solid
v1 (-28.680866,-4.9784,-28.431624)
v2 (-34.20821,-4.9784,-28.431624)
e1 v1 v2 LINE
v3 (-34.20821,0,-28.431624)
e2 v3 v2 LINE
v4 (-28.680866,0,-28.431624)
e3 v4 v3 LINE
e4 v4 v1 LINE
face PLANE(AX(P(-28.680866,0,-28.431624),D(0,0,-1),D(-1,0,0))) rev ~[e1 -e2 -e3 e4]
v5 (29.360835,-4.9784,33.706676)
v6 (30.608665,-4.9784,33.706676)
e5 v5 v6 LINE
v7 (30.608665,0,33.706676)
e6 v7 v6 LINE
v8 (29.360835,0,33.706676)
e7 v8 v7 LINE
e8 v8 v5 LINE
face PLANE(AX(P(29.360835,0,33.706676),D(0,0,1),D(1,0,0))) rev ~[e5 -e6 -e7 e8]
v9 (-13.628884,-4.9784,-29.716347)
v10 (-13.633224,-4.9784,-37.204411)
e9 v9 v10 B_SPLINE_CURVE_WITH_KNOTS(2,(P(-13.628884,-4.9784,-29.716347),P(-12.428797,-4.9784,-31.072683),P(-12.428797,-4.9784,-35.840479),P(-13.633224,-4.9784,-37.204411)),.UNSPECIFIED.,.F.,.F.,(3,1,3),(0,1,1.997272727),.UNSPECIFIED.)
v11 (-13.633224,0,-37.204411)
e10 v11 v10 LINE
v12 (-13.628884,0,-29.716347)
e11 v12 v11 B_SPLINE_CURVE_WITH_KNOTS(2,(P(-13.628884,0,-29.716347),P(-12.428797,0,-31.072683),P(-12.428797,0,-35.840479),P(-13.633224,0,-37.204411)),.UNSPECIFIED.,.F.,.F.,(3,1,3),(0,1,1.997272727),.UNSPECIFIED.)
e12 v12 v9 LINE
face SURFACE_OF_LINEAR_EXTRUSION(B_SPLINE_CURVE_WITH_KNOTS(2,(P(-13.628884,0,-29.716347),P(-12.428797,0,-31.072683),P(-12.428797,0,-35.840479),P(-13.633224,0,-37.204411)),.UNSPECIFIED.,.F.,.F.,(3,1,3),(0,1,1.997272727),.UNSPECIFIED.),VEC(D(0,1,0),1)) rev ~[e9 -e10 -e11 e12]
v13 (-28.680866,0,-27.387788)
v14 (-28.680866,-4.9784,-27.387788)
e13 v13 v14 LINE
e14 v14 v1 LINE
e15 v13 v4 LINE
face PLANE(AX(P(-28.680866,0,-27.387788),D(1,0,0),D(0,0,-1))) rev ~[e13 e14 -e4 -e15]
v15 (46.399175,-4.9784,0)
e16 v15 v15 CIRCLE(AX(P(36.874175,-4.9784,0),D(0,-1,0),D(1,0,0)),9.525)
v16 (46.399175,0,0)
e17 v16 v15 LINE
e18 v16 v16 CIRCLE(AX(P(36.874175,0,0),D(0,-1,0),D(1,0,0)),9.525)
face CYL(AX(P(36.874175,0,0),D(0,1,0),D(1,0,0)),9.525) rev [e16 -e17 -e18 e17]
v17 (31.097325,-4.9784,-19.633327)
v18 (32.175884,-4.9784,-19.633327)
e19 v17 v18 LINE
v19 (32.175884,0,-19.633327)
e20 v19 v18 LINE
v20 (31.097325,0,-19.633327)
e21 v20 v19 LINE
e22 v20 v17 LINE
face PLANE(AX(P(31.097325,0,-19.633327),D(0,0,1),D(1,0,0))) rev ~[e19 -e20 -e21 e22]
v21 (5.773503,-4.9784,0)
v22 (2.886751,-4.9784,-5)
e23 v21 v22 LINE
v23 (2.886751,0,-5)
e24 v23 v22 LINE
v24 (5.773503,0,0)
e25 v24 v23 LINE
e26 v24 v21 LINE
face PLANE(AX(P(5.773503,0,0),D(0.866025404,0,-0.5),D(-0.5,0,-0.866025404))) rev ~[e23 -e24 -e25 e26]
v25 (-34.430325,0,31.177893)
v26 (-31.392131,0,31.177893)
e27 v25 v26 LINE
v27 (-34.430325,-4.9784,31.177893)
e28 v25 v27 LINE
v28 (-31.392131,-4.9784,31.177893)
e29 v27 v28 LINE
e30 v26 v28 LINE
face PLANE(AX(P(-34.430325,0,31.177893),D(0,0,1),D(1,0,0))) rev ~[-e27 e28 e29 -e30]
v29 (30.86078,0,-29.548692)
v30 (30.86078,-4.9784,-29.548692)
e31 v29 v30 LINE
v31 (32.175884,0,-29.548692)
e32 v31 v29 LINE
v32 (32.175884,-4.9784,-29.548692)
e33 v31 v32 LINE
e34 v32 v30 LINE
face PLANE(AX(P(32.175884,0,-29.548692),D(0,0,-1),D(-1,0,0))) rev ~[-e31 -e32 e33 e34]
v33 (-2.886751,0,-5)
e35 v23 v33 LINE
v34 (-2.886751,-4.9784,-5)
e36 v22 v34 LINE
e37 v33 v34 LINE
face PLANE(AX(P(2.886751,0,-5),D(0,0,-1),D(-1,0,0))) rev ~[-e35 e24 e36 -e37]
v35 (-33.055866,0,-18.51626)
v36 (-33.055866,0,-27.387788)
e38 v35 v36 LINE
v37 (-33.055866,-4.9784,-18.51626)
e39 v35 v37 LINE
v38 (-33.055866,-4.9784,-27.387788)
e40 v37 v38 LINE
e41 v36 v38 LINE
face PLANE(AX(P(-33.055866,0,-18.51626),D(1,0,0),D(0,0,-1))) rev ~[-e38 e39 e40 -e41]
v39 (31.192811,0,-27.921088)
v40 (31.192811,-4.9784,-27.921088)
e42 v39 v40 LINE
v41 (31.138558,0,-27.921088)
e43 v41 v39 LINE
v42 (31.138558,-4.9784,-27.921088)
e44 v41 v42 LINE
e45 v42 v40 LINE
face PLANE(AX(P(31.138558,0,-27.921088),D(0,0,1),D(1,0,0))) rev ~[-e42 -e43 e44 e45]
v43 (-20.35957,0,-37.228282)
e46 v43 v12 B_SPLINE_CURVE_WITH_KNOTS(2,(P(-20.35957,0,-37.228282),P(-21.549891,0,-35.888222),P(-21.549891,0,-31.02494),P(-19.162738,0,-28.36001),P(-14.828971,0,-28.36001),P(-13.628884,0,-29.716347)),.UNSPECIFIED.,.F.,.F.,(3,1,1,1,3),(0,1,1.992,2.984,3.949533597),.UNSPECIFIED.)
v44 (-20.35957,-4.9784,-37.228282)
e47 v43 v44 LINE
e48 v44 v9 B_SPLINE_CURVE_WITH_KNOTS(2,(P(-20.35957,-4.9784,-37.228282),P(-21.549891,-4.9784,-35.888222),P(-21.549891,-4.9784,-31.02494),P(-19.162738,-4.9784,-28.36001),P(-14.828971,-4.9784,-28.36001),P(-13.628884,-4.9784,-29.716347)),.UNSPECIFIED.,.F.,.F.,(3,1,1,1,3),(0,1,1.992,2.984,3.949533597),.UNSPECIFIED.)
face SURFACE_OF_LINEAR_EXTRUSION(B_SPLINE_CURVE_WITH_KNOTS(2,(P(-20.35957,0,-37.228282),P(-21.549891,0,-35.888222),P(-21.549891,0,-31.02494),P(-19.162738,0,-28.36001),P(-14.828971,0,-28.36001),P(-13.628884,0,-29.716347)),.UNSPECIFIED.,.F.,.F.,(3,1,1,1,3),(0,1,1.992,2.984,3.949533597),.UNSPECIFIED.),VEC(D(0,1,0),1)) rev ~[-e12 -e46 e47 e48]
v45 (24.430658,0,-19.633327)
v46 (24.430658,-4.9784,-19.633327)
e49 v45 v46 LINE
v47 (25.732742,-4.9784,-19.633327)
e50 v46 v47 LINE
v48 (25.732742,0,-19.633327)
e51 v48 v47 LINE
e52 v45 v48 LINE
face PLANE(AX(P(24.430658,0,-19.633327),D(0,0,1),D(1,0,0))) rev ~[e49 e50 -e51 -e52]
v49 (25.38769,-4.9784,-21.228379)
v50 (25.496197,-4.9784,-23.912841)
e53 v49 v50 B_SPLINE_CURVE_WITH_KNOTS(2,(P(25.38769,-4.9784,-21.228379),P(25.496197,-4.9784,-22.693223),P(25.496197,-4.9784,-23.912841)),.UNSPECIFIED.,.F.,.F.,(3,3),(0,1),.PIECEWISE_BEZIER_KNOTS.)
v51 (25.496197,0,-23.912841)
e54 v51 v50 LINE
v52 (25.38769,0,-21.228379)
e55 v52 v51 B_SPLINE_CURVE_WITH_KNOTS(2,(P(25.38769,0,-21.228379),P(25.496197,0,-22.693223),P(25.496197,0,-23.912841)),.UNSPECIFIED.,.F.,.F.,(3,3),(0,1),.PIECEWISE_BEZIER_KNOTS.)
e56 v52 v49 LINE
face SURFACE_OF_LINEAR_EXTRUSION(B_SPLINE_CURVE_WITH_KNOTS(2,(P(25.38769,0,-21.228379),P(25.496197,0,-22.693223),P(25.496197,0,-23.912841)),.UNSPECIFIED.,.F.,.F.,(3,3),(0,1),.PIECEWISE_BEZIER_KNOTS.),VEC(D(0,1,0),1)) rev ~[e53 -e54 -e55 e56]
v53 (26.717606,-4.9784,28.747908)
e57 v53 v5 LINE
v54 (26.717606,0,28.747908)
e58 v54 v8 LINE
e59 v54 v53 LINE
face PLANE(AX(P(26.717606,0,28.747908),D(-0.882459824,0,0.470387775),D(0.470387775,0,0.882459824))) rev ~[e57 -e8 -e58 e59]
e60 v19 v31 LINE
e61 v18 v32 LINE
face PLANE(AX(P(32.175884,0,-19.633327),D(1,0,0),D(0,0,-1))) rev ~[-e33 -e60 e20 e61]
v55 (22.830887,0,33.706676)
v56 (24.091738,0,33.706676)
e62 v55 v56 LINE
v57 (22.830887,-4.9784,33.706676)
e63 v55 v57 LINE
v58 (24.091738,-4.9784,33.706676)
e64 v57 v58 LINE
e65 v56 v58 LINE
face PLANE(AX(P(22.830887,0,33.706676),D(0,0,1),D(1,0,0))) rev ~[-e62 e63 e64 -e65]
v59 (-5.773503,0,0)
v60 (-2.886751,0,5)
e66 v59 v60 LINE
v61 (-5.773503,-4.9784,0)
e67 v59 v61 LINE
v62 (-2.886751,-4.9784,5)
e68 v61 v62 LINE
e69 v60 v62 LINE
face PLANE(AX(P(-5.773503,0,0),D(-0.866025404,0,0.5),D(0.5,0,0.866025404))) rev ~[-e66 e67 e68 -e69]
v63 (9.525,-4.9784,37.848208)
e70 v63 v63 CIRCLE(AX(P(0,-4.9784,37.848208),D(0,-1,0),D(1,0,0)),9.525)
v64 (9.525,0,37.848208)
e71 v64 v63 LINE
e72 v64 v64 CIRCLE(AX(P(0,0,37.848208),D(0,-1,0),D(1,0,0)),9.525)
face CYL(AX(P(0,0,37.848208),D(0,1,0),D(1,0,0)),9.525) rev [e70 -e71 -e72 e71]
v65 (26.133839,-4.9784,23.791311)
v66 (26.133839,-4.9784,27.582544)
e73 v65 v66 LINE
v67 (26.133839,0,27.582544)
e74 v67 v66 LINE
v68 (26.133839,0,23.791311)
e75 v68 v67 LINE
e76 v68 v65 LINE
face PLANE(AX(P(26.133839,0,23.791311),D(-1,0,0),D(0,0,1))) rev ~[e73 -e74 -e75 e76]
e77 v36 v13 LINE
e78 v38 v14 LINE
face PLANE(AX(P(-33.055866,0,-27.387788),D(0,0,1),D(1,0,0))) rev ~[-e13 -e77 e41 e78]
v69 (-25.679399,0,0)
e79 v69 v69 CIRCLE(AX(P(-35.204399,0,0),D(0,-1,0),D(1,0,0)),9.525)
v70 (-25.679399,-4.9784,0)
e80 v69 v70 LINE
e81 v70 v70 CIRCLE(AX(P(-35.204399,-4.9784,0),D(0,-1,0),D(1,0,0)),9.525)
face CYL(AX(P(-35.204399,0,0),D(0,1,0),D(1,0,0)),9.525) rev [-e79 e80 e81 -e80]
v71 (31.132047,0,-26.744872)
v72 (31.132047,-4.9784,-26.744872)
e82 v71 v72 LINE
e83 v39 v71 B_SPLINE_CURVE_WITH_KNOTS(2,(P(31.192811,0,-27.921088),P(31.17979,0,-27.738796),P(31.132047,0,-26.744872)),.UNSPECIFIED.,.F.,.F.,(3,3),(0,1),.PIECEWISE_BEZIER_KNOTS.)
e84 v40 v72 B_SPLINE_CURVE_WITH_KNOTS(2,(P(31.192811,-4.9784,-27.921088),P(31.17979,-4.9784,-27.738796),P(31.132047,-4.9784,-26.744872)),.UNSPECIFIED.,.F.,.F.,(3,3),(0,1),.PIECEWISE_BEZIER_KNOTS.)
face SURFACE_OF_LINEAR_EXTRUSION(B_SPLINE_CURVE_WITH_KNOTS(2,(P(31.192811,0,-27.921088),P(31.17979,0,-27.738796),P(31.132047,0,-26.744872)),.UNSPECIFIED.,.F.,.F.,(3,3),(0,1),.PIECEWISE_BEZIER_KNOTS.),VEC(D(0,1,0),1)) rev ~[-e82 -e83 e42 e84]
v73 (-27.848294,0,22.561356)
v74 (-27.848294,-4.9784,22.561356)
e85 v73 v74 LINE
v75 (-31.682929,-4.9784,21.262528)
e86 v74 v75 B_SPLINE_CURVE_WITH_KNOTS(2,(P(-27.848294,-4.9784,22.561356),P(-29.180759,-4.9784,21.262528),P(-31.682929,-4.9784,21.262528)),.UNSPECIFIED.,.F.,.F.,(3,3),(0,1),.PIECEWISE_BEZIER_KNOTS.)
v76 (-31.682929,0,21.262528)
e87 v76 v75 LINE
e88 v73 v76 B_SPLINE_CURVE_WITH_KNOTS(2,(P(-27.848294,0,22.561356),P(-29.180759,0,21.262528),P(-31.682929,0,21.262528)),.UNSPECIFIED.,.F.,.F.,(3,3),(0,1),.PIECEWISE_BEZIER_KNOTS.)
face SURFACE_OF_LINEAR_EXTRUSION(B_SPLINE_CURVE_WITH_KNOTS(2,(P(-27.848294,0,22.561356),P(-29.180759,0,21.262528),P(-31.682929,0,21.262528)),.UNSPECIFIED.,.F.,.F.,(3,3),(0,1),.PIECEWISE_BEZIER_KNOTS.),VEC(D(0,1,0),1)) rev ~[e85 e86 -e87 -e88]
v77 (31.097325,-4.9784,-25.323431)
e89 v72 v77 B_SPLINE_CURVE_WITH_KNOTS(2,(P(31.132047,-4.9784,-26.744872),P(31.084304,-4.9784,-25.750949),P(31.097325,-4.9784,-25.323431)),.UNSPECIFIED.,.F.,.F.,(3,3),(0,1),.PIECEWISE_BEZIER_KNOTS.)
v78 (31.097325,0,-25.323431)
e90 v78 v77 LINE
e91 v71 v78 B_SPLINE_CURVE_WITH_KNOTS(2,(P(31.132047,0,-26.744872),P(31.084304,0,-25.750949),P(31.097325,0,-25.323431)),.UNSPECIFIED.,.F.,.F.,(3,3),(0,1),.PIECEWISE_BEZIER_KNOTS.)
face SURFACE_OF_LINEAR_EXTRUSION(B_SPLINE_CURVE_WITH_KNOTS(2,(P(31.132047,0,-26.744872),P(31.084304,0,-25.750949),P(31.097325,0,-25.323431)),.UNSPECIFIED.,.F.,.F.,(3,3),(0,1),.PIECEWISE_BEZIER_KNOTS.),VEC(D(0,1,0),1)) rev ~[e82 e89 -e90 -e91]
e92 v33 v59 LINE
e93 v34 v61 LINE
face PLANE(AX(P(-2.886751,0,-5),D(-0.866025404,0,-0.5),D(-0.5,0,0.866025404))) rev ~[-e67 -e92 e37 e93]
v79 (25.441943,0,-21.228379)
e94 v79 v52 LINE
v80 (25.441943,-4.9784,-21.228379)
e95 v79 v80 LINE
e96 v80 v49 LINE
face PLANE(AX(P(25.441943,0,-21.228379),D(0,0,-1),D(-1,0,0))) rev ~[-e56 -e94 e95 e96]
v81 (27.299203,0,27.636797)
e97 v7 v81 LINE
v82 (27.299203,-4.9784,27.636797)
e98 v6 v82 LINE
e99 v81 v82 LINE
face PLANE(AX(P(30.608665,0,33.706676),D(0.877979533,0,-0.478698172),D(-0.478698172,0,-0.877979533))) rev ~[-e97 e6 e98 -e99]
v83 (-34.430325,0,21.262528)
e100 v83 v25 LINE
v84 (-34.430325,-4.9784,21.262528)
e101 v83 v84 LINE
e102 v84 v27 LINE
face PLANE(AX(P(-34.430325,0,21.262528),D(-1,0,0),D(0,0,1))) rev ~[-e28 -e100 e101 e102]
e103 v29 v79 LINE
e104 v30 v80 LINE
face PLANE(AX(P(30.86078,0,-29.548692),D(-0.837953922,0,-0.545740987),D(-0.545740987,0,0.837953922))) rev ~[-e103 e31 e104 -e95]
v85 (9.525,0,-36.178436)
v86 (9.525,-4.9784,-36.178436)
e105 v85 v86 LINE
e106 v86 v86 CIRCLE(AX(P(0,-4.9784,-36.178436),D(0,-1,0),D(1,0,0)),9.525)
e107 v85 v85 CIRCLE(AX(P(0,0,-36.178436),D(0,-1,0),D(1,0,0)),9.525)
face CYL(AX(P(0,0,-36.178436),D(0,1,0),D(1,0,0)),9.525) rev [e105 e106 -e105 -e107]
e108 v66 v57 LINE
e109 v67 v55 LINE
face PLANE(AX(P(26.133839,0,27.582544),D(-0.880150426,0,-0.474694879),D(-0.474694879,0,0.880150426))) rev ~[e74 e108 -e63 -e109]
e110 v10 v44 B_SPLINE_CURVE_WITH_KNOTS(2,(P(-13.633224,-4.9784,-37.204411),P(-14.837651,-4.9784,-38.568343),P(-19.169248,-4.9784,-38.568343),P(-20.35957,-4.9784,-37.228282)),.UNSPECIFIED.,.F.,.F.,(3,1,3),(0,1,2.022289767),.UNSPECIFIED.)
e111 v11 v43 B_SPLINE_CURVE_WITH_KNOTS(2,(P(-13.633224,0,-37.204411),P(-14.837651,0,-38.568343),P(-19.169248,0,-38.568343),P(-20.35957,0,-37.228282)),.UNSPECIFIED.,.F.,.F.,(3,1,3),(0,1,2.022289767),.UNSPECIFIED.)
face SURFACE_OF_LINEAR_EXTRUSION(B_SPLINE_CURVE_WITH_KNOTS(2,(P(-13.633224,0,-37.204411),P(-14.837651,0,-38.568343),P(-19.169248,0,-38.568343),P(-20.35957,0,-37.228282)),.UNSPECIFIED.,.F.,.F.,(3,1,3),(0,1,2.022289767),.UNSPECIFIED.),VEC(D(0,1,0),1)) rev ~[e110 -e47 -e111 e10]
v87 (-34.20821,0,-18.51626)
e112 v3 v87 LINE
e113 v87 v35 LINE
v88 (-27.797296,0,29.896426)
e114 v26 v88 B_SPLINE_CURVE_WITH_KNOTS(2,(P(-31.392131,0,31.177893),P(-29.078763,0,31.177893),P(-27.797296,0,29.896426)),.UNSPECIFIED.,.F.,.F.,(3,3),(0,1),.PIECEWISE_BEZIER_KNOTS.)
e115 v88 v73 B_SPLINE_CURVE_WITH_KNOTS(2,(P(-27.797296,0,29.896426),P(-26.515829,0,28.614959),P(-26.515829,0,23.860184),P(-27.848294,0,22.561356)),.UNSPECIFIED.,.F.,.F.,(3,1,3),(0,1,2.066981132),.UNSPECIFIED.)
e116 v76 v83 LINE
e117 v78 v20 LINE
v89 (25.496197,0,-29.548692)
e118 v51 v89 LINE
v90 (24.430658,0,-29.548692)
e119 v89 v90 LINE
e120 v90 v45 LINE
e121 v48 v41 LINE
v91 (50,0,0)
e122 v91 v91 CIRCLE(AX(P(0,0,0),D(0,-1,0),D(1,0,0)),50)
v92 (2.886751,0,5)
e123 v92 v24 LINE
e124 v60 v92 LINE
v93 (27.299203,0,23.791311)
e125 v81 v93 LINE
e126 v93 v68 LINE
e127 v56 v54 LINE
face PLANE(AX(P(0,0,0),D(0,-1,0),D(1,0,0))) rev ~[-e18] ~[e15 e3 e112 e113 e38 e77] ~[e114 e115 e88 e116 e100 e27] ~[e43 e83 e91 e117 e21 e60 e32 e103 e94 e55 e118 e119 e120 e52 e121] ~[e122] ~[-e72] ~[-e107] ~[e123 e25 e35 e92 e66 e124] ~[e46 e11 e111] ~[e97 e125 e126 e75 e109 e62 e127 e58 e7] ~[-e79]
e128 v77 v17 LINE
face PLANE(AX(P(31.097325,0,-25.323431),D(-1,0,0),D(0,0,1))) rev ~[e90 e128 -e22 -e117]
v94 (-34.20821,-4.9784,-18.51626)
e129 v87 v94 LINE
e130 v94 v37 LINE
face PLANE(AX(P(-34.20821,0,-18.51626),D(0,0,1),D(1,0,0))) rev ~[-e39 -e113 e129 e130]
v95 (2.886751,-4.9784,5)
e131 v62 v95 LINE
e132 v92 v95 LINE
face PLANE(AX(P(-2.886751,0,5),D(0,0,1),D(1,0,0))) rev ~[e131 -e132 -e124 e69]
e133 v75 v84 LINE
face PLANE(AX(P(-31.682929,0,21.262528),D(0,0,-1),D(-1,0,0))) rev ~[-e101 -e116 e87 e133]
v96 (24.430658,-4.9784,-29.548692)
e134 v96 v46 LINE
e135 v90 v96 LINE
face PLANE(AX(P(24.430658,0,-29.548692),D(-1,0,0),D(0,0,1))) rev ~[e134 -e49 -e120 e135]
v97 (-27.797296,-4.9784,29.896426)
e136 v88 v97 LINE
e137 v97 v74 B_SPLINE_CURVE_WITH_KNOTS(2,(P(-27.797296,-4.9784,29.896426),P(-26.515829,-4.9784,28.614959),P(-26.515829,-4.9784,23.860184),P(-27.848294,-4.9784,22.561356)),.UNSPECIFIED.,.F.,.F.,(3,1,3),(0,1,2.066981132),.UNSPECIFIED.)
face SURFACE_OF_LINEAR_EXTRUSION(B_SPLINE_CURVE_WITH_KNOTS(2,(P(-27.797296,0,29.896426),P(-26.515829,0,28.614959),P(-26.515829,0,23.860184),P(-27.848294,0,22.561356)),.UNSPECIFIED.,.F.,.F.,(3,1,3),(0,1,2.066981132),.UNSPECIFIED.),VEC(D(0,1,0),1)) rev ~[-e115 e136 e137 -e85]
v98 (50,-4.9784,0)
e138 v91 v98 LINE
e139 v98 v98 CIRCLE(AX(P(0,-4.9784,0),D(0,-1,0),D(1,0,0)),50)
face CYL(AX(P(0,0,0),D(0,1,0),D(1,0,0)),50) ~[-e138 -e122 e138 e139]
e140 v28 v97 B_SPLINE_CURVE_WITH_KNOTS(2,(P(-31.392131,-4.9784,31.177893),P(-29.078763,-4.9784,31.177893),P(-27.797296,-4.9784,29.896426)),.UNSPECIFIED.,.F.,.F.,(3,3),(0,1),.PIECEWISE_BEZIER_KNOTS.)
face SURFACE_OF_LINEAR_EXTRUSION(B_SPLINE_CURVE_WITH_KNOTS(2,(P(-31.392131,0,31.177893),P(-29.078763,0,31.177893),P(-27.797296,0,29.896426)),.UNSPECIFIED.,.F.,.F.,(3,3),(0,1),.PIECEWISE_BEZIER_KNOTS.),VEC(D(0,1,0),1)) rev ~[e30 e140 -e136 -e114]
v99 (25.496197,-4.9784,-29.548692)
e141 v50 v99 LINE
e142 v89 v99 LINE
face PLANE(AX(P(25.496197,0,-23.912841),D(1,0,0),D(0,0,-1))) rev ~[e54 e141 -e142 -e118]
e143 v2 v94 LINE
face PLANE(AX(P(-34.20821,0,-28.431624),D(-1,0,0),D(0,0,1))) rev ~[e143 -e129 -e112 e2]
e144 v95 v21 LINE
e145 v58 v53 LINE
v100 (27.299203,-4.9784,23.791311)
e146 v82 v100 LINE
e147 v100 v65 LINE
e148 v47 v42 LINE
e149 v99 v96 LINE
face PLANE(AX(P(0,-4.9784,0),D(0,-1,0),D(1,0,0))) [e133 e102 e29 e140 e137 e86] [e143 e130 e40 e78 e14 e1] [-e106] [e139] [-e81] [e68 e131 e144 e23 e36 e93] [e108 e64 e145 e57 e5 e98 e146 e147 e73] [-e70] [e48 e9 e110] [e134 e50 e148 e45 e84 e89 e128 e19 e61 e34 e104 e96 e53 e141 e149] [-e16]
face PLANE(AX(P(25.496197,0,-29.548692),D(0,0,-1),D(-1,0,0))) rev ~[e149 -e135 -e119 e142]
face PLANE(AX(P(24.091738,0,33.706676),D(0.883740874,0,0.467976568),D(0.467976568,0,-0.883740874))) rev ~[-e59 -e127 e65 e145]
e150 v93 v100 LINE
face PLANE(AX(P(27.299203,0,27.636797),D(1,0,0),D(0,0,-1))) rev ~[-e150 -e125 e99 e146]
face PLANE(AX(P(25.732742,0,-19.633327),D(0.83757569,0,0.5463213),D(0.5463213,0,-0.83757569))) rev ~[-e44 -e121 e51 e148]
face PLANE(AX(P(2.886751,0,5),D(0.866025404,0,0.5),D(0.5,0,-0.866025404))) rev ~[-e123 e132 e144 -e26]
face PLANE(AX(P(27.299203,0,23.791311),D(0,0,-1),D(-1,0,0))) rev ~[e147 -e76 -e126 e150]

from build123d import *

# Parameters (mm, degrees)
F0_R     = 50
F0_R_2   = 9.525
F1_DEPTH = 4.9784


with BuildPart() as f1:
    # F0 (on Front) → F1 (new body)
    with BuildSketch(Plane.XZ):
        Circle(F0_R)
        with BuildLine():
            add(Edge.make_bspline(
                [(-13.6288838135, -29.7163466199), (-12.4287970079, -31.0726834254), (-12.4287970079, -33.4598362032)],
                knots=[0, 0, 0, 1, 1, 1], degree=2))
            add(Edge.make_bspline(
                [(-12.4287970079, -33.4598362032), (-12.4287970079, -35.8404785643), (-13.6332240912, -37.204410856)],
                knots=[0, 0, 0, 1, 1, 1], degree=2))
            add(Edge.make_bspline(
                [(-13.6332240912, -37.204410856), (-14.8376511746, -38.5683431476), (-16.9795782579, -38.5683431476)],
                knots=[0, 0, 0, 1, 1, 1], degree=2))
            add(Edge.make_bspline(
                [(-16.9795782579, -38.5683431476), (-19.1692483968, -38.5683431476), (-20.3595695774, -37.2282823837)],
                knots=[0, 0, 0, 1, 1, 1], degree=2))
            add(Edge.make_bspline(
                [(-20.3595695774, -37.2282823837), (-21.5498907579, -35.8882216199), (-21.5498907579, -33.4468153699)],
                knots=[0, 0, 0, 1, 1, 1], degree=2))
            add(Edge.make_bspline(
                [(-21.5498907579, -33.4468153699), (-21.5498907579, -31.0249403699), (-20.356314369, -29.6924750921)],
                knots=[0, 0, 0, 1, 1, 1], degree=2))
            add(Edge.make_bspline(
                [(-20.356314369, -29.6924750921), (-19.1627379801, -28.3600098143), (-16.9665574246, -28.3600098143)],
                knots=[0, 0, 0, 1, 1, 1], degree=2))
            add(Edge.make_bspline(
                [(-16.9665574246, -28.3600098143), (-14.828970619, -28.3600098143), (-13.6288838135, -29.7163466199)],
                knots=[0, 0, 0, 1, 1, 1], degree=2))
        make_face(mode=Mode.SUBTRACT)
        Polygon((-28.6808658119, -28.4316243976), (-34.2082095619, -28.4316243976), (-34.2082095619, -18.5162598143), (-33.0558658119, -18.5162598143), (-33.0558658119, -27.3877875921), (-28.6808658119, -27.3877875921), align=None, mode=Mode.SUBTRACT)
        with Locations((0, -36.1784361303)):
            Circle(F0_R_2, mode=Mode.SUBTRACT)
        with BuildLine():
            Line((32.1758840849, -19.6333272258), (32.1758840849, -29.5486918092))
            Line((32.1758840849, -29.5486918092), (30.8607799182, -29.5486918092))
            Line((30.8607799182, -29.5486918092), (25.4419431127, -21.2283793092))
            Line((25.4419431127, -21.2283793092), (25.3876896404, -21.2283793092))
            add(Edge.make_bspline(
                [(25.3876896404, -21.2283793092), (25.4961965849, -22.6932230592), (25.4961965849, -23.9128411147)],
                knots=[0, 0, 0, 1, 1, 1], degree=2))
            Line((25.4961965849, -23.9128411147), (25.4961965849, -29.5486918092))
            Line((25.4961965849, -29.5486918092), (24.4306583904, -29.5486918092))
            Line((24.4306583904, -29.5486918092), (24.4306583904, -19.6333272258))
            Line((24.4306583904, -19.6333272258), (25.7327417238, -19.6333272258))
            Line((25.7327417238, -19.6333272258), (31.138557696, -27.9210876425))
            Line((31.138557696, -27.9210876425), (31.1928111682, -27.9210876425))
            add(Edge.make_bspline(
                [(31.1928111682, -27.9210876425), (31.1797903349, -27.7387959758), (31.1320472793, -26.7448723647)],
                knots=[0, 0, 0, 1, 1, 1], degree=2))
            add(Edge.make_bspline(
                [(31.1320472793, -26.7448723647), (31.0843042238, -25.7509487536), (31.0973250571, -25.3234313925)],
                knots=[0, 0, 0, 1, 1, 1], degree=2))
            Line((31.0973250571, -25.3234313925), (31.0973250571, -19.6333272258))
            Line((31.0973250571, -19.6333272258), (32.1758840849, -19.6333272258))
        make_face(mode=Mode.SUBTRACT)
        with Locations((-35.2043993771, 0)):
            Circle(F0_R_2, mode=Mode.SUBTRACT)
        with BuildLine():
            add(Edge.make_bspline(
                [(-27.7972958, 29.8964257207), (-26.5158287861, 28.6149587068), (-26.5158287861, 26.3146114846)],
                knots=[0, 0, 0, 1, 1, 1], degree=2))
            add(Edge.make_bspline(
                [(-26.5158287861, 26.3146114846), (-26.5158287861, 23.8601844013), (-27.8482940638, 22.5613562763)],
                knots=[0, 0, 0, 1, 1, 1], degree=2))
            add(Edge.make_bspline(
                [(-27.8482940638, 22.5613562763), (-29.1807593416, 21.2625281513), (-31.6829294805, 21.2625281513)],
                knots=[0, 0, 0, 1, 1, 1], degree=2))
            Line((-31.6829294805, 21.2625281513), (-34.4303253138, 21.2625281513))
            Line((-34.4303253138, 21.2625281513), (-34.4303253138, 31.1778927346))
            Line((-34.4303253138, 31.1778927346), (-31.3921308694, 31.1778927346))
            add(Edge.make_bspline(
                [(-31.3921308694, 31.1778927346), (-29.0787628138, 31.1778927346), (-27.7972958, 29.8964257207)],
                knots=[0, 0, 0, 1, 1, 1], degree=2))
        make_face(mode=Mode.SUBTRACT)
        Polygon((-5.7735026919, 0), (-2.8867513459, 5), (2.8867513459, 5), (5.7735026919, 0), (2.8867513459, -5), (-2.8867513459, -5), align=None, mode=Mode.SUBTRACT)
        with Locations((36.8741750717, 0)):
            Circle(F0_R_2, mode=Mode.SUBTRACT)
        with Locations((0, 37.8482080996)):
            Circle(F0_R_2, mode=Mode.SUBTRACT)
        Polygon((24.0917380744, 33.7066756686), (26.7176061299, 28.7479083074), (29.3608352966, 33.7066756686), (30.6086651577, 33.7066756686), (27.2992033522, 27.6367971963), (27.2992033522, 23.7913110852), (26.1338387688, 23.7913110852), (26.1338387688, 27.5825437241), (22.8308873799, 33.7066756686), align=None, mode=Mode.SUBTRACT)
    extrude(amount=F1_DEPTH)


solid = f1.part
